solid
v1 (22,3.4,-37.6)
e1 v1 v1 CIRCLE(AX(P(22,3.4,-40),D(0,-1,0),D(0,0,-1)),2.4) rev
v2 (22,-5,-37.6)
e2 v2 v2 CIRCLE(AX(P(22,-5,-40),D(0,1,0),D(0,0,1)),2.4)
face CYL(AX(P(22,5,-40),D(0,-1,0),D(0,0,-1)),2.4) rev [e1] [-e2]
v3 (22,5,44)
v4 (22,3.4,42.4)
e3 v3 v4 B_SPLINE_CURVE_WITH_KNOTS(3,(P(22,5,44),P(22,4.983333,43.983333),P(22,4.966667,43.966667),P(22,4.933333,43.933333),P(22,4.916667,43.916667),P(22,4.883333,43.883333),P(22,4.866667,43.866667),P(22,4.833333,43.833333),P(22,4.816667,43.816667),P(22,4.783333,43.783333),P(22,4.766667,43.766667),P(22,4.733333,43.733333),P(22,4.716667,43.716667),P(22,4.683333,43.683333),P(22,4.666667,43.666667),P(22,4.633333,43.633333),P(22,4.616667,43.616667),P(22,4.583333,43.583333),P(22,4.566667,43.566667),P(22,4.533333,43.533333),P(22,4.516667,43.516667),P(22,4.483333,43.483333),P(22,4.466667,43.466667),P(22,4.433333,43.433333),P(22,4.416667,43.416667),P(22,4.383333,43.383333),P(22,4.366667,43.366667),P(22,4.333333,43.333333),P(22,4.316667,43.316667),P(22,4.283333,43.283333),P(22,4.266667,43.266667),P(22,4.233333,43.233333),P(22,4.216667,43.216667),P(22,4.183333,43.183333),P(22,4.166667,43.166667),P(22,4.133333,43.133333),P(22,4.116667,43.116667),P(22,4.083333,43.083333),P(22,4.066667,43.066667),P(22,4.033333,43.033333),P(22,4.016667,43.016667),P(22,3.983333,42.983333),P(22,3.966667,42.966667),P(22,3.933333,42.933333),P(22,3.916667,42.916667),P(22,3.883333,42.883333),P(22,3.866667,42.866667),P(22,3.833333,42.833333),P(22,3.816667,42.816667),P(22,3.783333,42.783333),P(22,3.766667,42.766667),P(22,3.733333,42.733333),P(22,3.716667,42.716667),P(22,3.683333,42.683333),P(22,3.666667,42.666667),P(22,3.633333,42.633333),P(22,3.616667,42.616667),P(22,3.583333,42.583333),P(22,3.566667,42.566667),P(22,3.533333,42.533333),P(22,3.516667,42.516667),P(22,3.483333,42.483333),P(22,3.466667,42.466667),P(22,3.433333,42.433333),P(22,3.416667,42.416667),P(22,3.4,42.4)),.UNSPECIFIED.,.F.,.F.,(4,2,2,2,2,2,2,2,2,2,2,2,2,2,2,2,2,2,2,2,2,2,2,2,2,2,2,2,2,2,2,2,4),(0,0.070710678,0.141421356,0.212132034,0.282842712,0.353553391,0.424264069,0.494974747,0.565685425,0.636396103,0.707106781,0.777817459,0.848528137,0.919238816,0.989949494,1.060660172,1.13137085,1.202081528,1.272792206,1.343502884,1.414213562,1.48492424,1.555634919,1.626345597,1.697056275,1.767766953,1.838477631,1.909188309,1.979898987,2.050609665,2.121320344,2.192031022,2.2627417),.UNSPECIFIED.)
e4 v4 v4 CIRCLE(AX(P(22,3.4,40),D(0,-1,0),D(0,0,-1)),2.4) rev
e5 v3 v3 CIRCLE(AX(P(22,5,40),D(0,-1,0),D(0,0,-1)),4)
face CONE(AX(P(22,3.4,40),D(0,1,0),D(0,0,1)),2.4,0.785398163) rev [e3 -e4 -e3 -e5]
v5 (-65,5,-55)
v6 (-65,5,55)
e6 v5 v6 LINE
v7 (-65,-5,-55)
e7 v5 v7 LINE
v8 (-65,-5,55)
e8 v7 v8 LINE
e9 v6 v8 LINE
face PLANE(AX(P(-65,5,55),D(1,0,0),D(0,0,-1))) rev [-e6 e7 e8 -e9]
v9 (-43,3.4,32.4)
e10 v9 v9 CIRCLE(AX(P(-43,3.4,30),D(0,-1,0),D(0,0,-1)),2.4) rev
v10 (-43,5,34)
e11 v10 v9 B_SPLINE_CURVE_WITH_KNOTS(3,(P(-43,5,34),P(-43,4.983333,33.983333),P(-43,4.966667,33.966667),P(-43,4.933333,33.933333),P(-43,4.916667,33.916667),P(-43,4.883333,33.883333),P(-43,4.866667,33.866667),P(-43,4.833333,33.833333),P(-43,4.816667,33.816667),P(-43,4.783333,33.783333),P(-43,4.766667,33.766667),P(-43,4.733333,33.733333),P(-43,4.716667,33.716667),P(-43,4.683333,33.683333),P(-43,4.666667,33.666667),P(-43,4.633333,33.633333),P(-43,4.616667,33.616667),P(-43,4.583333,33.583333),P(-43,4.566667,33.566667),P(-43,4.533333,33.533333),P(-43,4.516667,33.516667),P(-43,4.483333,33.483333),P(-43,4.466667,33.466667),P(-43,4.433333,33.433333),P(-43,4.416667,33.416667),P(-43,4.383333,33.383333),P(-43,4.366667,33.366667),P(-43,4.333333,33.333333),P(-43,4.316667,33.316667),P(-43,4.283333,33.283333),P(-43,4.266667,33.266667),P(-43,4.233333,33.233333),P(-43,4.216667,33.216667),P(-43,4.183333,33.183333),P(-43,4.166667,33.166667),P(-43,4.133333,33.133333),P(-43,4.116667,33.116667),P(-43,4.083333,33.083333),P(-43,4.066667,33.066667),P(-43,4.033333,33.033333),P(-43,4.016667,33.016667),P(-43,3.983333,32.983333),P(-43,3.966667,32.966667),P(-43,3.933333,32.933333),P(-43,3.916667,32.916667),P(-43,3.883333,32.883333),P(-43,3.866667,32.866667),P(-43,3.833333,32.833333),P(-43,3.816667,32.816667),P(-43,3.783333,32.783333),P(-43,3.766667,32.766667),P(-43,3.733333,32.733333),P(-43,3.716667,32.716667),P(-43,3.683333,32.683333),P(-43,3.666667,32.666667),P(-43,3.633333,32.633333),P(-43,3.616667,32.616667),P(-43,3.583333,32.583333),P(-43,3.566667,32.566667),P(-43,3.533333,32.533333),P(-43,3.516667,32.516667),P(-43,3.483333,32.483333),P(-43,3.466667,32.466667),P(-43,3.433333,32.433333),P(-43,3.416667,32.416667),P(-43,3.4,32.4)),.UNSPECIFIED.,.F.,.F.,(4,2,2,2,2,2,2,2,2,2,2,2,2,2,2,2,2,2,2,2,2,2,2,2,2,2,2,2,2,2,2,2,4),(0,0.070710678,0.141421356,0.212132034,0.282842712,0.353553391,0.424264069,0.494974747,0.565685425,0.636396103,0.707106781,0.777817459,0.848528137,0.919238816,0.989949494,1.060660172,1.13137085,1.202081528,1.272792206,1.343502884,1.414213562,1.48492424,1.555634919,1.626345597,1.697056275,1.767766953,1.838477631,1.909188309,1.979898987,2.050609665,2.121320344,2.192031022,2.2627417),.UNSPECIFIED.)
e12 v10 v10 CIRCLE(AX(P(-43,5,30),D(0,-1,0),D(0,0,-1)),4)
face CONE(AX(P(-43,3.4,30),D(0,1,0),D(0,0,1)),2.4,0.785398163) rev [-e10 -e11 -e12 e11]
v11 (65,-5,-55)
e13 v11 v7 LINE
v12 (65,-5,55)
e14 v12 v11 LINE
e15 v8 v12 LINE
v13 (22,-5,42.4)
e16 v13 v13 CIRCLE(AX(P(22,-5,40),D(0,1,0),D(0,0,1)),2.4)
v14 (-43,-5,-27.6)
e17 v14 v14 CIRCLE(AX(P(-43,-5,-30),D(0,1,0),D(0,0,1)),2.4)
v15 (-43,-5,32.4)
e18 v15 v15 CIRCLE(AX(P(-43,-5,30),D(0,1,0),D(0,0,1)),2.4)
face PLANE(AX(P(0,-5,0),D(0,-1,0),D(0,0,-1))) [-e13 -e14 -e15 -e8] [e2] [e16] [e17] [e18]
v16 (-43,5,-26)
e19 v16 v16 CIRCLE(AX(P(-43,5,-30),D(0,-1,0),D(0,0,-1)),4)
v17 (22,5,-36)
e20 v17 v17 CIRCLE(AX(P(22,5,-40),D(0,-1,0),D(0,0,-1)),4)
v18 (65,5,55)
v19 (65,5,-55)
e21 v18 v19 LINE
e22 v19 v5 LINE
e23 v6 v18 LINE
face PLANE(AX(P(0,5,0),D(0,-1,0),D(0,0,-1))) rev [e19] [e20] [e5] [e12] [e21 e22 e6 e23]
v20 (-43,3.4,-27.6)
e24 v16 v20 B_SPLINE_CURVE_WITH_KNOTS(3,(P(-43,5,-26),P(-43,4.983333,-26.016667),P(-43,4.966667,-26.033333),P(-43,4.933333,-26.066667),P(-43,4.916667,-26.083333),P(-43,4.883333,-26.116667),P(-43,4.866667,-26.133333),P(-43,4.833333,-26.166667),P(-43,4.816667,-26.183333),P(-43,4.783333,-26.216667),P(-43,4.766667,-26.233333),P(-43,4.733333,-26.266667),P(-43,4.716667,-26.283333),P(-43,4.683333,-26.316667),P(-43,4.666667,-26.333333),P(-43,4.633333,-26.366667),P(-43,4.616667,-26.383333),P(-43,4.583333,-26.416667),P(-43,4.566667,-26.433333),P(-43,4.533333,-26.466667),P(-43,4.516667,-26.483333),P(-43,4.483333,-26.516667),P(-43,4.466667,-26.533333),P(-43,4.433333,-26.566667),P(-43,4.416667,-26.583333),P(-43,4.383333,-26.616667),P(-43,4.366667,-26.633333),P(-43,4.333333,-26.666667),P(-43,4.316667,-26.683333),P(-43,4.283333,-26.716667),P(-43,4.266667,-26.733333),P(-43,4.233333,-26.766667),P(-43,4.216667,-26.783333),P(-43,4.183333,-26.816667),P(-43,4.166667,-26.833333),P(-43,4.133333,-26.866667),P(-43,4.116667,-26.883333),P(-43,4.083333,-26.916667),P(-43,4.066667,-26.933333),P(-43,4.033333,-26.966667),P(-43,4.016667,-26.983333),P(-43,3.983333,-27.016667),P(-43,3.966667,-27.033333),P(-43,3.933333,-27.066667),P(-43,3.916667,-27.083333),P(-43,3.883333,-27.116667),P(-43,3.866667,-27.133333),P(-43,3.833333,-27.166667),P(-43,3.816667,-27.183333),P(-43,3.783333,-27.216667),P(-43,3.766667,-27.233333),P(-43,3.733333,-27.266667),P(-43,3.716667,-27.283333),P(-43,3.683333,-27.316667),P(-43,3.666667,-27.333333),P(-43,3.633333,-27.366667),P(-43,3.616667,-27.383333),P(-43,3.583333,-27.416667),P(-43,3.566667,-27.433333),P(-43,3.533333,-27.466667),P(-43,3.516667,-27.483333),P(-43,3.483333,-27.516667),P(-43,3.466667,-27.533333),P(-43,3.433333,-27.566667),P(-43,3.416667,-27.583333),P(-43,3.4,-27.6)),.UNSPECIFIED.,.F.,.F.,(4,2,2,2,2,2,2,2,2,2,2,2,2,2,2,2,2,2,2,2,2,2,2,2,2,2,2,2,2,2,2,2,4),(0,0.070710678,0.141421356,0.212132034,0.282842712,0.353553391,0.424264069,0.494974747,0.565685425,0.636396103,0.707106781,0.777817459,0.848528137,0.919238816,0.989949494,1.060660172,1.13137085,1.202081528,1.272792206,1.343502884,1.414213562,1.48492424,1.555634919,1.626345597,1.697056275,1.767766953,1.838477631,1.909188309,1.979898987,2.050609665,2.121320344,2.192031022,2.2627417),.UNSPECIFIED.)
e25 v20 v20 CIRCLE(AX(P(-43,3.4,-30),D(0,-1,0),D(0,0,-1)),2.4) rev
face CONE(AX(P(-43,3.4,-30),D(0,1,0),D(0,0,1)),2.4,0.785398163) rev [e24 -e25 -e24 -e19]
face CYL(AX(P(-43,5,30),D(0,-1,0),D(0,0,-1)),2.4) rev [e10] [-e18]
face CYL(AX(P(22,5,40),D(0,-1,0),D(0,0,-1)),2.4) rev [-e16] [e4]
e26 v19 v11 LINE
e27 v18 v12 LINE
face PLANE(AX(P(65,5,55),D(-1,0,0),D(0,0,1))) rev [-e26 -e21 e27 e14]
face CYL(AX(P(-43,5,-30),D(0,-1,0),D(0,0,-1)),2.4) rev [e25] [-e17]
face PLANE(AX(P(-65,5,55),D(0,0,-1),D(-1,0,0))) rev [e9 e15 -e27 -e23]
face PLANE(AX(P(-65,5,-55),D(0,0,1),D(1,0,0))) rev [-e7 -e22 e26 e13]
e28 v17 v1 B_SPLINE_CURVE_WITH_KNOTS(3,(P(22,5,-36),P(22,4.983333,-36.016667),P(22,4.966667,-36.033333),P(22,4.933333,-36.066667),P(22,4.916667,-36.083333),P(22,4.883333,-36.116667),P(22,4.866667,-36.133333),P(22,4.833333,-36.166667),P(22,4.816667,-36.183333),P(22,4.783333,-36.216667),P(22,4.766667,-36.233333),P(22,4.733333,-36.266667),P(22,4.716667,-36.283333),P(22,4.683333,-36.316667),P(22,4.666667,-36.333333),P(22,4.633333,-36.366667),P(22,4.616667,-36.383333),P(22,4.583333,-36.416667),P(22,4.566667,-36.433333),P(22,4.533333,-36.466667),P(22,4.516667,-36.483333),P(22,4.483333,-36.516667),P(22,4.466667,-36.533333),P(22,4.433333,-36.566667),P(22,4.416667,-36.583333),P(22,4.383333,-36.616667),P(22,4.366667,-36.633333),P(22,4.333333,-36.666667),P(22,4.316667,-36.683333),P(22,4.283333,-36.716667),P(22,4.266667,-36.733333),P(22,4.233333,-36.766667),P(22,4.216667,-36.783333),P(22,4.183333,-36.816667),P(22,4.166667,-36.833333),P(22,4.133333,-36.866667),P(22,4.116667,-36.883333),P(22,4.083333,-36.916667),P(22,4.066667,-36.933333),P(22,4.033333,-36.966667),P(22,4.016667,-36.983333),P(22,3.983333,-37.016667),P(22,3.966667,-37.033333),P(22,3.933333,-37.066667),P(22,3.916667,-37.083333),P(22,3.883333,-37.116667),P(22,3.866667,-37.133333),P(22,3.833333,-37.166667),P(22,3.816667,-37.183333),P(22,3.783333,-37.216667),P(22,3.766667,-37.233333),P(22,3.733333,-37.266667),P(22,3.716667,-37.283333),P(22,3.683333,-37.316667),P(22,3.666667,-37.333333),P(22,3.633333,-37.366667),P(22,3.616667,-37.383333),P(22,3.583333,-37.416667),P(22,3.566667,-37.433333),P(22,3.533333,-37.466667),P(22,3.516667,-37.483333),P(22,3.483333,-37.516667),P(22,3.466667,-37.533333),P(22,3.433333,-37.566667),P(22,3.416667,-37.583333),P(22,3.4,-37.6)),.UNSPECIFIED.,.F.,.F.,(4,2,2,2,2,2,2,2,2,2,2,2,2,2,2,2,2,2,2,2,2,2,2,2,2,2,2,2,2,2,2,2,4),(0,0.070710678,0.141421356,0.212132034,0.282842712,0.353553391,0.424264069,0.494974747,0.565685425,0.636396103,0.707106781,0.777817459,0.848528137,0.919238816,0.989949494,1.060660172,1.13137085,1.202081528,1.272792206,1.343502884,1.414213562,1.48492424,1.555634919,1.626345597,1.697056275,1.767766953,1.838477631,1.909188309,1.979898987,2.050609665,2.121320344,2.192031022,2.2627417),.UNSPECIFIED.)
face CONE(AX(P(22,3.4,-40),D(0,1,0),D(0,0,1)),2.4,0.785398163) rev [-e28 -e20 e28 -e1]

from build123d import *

# Parameters (mm, degrees)
SKETCH_2_W      = 130
SKETCH_2_H      = 110
SKETCH_2_R      = 2.4
EXTRUDE_1_DEPTH = 5
CHAMFER_1_SIZE  = 1.6


with BuildPart() as part:
    # Эскиз2 → Бобышка-Вытянуть1 (new, symmetric)
    with BuildSketch(Plane(origin=(0, 0, 0), x_dir=(1, 0, 0), z_dir=(0, 1, 0))):
        Rectangle(SKETCH_2_W, SKETCH_2_H)
        with Locations(Location((-43, 30, 0), (0, 0, 270))):
            Circle(SKETCH_2_R, mode=Mode.SUBTRACT)
        with Locations(Location((-43, -30, 0), (0, 0, 270))):
            Circle(SKETCH_2_R, mode=Mode.SUBTRACT)
        with Locations(Location((22, 40, 0), (0, 0, 270))):
            Circle(SKETCH_2_R, mode=Mode.SUBTRACT)
        with Locations(Location((22, -40, 0), (0, 0, 270))):
            Circle(SKETCH_2_R, mode=Mode.SUBTRACT)
    extrude(amount=EXTRUDE_1_DEPTH, both=True)

    # Фаска1
    chamfer_1_edges = [part.edges().sort_by_distance(p)[0] for p in [
        (-43, 5, -32.4),
        (-43, 5, 27.6),
        (22, 5, -42.4),
        (22, 5, 37.6),
    ]]
    chamfer(chamfer_1_edges, length=CHAMFER_1_SIZE)


solid = part.part
